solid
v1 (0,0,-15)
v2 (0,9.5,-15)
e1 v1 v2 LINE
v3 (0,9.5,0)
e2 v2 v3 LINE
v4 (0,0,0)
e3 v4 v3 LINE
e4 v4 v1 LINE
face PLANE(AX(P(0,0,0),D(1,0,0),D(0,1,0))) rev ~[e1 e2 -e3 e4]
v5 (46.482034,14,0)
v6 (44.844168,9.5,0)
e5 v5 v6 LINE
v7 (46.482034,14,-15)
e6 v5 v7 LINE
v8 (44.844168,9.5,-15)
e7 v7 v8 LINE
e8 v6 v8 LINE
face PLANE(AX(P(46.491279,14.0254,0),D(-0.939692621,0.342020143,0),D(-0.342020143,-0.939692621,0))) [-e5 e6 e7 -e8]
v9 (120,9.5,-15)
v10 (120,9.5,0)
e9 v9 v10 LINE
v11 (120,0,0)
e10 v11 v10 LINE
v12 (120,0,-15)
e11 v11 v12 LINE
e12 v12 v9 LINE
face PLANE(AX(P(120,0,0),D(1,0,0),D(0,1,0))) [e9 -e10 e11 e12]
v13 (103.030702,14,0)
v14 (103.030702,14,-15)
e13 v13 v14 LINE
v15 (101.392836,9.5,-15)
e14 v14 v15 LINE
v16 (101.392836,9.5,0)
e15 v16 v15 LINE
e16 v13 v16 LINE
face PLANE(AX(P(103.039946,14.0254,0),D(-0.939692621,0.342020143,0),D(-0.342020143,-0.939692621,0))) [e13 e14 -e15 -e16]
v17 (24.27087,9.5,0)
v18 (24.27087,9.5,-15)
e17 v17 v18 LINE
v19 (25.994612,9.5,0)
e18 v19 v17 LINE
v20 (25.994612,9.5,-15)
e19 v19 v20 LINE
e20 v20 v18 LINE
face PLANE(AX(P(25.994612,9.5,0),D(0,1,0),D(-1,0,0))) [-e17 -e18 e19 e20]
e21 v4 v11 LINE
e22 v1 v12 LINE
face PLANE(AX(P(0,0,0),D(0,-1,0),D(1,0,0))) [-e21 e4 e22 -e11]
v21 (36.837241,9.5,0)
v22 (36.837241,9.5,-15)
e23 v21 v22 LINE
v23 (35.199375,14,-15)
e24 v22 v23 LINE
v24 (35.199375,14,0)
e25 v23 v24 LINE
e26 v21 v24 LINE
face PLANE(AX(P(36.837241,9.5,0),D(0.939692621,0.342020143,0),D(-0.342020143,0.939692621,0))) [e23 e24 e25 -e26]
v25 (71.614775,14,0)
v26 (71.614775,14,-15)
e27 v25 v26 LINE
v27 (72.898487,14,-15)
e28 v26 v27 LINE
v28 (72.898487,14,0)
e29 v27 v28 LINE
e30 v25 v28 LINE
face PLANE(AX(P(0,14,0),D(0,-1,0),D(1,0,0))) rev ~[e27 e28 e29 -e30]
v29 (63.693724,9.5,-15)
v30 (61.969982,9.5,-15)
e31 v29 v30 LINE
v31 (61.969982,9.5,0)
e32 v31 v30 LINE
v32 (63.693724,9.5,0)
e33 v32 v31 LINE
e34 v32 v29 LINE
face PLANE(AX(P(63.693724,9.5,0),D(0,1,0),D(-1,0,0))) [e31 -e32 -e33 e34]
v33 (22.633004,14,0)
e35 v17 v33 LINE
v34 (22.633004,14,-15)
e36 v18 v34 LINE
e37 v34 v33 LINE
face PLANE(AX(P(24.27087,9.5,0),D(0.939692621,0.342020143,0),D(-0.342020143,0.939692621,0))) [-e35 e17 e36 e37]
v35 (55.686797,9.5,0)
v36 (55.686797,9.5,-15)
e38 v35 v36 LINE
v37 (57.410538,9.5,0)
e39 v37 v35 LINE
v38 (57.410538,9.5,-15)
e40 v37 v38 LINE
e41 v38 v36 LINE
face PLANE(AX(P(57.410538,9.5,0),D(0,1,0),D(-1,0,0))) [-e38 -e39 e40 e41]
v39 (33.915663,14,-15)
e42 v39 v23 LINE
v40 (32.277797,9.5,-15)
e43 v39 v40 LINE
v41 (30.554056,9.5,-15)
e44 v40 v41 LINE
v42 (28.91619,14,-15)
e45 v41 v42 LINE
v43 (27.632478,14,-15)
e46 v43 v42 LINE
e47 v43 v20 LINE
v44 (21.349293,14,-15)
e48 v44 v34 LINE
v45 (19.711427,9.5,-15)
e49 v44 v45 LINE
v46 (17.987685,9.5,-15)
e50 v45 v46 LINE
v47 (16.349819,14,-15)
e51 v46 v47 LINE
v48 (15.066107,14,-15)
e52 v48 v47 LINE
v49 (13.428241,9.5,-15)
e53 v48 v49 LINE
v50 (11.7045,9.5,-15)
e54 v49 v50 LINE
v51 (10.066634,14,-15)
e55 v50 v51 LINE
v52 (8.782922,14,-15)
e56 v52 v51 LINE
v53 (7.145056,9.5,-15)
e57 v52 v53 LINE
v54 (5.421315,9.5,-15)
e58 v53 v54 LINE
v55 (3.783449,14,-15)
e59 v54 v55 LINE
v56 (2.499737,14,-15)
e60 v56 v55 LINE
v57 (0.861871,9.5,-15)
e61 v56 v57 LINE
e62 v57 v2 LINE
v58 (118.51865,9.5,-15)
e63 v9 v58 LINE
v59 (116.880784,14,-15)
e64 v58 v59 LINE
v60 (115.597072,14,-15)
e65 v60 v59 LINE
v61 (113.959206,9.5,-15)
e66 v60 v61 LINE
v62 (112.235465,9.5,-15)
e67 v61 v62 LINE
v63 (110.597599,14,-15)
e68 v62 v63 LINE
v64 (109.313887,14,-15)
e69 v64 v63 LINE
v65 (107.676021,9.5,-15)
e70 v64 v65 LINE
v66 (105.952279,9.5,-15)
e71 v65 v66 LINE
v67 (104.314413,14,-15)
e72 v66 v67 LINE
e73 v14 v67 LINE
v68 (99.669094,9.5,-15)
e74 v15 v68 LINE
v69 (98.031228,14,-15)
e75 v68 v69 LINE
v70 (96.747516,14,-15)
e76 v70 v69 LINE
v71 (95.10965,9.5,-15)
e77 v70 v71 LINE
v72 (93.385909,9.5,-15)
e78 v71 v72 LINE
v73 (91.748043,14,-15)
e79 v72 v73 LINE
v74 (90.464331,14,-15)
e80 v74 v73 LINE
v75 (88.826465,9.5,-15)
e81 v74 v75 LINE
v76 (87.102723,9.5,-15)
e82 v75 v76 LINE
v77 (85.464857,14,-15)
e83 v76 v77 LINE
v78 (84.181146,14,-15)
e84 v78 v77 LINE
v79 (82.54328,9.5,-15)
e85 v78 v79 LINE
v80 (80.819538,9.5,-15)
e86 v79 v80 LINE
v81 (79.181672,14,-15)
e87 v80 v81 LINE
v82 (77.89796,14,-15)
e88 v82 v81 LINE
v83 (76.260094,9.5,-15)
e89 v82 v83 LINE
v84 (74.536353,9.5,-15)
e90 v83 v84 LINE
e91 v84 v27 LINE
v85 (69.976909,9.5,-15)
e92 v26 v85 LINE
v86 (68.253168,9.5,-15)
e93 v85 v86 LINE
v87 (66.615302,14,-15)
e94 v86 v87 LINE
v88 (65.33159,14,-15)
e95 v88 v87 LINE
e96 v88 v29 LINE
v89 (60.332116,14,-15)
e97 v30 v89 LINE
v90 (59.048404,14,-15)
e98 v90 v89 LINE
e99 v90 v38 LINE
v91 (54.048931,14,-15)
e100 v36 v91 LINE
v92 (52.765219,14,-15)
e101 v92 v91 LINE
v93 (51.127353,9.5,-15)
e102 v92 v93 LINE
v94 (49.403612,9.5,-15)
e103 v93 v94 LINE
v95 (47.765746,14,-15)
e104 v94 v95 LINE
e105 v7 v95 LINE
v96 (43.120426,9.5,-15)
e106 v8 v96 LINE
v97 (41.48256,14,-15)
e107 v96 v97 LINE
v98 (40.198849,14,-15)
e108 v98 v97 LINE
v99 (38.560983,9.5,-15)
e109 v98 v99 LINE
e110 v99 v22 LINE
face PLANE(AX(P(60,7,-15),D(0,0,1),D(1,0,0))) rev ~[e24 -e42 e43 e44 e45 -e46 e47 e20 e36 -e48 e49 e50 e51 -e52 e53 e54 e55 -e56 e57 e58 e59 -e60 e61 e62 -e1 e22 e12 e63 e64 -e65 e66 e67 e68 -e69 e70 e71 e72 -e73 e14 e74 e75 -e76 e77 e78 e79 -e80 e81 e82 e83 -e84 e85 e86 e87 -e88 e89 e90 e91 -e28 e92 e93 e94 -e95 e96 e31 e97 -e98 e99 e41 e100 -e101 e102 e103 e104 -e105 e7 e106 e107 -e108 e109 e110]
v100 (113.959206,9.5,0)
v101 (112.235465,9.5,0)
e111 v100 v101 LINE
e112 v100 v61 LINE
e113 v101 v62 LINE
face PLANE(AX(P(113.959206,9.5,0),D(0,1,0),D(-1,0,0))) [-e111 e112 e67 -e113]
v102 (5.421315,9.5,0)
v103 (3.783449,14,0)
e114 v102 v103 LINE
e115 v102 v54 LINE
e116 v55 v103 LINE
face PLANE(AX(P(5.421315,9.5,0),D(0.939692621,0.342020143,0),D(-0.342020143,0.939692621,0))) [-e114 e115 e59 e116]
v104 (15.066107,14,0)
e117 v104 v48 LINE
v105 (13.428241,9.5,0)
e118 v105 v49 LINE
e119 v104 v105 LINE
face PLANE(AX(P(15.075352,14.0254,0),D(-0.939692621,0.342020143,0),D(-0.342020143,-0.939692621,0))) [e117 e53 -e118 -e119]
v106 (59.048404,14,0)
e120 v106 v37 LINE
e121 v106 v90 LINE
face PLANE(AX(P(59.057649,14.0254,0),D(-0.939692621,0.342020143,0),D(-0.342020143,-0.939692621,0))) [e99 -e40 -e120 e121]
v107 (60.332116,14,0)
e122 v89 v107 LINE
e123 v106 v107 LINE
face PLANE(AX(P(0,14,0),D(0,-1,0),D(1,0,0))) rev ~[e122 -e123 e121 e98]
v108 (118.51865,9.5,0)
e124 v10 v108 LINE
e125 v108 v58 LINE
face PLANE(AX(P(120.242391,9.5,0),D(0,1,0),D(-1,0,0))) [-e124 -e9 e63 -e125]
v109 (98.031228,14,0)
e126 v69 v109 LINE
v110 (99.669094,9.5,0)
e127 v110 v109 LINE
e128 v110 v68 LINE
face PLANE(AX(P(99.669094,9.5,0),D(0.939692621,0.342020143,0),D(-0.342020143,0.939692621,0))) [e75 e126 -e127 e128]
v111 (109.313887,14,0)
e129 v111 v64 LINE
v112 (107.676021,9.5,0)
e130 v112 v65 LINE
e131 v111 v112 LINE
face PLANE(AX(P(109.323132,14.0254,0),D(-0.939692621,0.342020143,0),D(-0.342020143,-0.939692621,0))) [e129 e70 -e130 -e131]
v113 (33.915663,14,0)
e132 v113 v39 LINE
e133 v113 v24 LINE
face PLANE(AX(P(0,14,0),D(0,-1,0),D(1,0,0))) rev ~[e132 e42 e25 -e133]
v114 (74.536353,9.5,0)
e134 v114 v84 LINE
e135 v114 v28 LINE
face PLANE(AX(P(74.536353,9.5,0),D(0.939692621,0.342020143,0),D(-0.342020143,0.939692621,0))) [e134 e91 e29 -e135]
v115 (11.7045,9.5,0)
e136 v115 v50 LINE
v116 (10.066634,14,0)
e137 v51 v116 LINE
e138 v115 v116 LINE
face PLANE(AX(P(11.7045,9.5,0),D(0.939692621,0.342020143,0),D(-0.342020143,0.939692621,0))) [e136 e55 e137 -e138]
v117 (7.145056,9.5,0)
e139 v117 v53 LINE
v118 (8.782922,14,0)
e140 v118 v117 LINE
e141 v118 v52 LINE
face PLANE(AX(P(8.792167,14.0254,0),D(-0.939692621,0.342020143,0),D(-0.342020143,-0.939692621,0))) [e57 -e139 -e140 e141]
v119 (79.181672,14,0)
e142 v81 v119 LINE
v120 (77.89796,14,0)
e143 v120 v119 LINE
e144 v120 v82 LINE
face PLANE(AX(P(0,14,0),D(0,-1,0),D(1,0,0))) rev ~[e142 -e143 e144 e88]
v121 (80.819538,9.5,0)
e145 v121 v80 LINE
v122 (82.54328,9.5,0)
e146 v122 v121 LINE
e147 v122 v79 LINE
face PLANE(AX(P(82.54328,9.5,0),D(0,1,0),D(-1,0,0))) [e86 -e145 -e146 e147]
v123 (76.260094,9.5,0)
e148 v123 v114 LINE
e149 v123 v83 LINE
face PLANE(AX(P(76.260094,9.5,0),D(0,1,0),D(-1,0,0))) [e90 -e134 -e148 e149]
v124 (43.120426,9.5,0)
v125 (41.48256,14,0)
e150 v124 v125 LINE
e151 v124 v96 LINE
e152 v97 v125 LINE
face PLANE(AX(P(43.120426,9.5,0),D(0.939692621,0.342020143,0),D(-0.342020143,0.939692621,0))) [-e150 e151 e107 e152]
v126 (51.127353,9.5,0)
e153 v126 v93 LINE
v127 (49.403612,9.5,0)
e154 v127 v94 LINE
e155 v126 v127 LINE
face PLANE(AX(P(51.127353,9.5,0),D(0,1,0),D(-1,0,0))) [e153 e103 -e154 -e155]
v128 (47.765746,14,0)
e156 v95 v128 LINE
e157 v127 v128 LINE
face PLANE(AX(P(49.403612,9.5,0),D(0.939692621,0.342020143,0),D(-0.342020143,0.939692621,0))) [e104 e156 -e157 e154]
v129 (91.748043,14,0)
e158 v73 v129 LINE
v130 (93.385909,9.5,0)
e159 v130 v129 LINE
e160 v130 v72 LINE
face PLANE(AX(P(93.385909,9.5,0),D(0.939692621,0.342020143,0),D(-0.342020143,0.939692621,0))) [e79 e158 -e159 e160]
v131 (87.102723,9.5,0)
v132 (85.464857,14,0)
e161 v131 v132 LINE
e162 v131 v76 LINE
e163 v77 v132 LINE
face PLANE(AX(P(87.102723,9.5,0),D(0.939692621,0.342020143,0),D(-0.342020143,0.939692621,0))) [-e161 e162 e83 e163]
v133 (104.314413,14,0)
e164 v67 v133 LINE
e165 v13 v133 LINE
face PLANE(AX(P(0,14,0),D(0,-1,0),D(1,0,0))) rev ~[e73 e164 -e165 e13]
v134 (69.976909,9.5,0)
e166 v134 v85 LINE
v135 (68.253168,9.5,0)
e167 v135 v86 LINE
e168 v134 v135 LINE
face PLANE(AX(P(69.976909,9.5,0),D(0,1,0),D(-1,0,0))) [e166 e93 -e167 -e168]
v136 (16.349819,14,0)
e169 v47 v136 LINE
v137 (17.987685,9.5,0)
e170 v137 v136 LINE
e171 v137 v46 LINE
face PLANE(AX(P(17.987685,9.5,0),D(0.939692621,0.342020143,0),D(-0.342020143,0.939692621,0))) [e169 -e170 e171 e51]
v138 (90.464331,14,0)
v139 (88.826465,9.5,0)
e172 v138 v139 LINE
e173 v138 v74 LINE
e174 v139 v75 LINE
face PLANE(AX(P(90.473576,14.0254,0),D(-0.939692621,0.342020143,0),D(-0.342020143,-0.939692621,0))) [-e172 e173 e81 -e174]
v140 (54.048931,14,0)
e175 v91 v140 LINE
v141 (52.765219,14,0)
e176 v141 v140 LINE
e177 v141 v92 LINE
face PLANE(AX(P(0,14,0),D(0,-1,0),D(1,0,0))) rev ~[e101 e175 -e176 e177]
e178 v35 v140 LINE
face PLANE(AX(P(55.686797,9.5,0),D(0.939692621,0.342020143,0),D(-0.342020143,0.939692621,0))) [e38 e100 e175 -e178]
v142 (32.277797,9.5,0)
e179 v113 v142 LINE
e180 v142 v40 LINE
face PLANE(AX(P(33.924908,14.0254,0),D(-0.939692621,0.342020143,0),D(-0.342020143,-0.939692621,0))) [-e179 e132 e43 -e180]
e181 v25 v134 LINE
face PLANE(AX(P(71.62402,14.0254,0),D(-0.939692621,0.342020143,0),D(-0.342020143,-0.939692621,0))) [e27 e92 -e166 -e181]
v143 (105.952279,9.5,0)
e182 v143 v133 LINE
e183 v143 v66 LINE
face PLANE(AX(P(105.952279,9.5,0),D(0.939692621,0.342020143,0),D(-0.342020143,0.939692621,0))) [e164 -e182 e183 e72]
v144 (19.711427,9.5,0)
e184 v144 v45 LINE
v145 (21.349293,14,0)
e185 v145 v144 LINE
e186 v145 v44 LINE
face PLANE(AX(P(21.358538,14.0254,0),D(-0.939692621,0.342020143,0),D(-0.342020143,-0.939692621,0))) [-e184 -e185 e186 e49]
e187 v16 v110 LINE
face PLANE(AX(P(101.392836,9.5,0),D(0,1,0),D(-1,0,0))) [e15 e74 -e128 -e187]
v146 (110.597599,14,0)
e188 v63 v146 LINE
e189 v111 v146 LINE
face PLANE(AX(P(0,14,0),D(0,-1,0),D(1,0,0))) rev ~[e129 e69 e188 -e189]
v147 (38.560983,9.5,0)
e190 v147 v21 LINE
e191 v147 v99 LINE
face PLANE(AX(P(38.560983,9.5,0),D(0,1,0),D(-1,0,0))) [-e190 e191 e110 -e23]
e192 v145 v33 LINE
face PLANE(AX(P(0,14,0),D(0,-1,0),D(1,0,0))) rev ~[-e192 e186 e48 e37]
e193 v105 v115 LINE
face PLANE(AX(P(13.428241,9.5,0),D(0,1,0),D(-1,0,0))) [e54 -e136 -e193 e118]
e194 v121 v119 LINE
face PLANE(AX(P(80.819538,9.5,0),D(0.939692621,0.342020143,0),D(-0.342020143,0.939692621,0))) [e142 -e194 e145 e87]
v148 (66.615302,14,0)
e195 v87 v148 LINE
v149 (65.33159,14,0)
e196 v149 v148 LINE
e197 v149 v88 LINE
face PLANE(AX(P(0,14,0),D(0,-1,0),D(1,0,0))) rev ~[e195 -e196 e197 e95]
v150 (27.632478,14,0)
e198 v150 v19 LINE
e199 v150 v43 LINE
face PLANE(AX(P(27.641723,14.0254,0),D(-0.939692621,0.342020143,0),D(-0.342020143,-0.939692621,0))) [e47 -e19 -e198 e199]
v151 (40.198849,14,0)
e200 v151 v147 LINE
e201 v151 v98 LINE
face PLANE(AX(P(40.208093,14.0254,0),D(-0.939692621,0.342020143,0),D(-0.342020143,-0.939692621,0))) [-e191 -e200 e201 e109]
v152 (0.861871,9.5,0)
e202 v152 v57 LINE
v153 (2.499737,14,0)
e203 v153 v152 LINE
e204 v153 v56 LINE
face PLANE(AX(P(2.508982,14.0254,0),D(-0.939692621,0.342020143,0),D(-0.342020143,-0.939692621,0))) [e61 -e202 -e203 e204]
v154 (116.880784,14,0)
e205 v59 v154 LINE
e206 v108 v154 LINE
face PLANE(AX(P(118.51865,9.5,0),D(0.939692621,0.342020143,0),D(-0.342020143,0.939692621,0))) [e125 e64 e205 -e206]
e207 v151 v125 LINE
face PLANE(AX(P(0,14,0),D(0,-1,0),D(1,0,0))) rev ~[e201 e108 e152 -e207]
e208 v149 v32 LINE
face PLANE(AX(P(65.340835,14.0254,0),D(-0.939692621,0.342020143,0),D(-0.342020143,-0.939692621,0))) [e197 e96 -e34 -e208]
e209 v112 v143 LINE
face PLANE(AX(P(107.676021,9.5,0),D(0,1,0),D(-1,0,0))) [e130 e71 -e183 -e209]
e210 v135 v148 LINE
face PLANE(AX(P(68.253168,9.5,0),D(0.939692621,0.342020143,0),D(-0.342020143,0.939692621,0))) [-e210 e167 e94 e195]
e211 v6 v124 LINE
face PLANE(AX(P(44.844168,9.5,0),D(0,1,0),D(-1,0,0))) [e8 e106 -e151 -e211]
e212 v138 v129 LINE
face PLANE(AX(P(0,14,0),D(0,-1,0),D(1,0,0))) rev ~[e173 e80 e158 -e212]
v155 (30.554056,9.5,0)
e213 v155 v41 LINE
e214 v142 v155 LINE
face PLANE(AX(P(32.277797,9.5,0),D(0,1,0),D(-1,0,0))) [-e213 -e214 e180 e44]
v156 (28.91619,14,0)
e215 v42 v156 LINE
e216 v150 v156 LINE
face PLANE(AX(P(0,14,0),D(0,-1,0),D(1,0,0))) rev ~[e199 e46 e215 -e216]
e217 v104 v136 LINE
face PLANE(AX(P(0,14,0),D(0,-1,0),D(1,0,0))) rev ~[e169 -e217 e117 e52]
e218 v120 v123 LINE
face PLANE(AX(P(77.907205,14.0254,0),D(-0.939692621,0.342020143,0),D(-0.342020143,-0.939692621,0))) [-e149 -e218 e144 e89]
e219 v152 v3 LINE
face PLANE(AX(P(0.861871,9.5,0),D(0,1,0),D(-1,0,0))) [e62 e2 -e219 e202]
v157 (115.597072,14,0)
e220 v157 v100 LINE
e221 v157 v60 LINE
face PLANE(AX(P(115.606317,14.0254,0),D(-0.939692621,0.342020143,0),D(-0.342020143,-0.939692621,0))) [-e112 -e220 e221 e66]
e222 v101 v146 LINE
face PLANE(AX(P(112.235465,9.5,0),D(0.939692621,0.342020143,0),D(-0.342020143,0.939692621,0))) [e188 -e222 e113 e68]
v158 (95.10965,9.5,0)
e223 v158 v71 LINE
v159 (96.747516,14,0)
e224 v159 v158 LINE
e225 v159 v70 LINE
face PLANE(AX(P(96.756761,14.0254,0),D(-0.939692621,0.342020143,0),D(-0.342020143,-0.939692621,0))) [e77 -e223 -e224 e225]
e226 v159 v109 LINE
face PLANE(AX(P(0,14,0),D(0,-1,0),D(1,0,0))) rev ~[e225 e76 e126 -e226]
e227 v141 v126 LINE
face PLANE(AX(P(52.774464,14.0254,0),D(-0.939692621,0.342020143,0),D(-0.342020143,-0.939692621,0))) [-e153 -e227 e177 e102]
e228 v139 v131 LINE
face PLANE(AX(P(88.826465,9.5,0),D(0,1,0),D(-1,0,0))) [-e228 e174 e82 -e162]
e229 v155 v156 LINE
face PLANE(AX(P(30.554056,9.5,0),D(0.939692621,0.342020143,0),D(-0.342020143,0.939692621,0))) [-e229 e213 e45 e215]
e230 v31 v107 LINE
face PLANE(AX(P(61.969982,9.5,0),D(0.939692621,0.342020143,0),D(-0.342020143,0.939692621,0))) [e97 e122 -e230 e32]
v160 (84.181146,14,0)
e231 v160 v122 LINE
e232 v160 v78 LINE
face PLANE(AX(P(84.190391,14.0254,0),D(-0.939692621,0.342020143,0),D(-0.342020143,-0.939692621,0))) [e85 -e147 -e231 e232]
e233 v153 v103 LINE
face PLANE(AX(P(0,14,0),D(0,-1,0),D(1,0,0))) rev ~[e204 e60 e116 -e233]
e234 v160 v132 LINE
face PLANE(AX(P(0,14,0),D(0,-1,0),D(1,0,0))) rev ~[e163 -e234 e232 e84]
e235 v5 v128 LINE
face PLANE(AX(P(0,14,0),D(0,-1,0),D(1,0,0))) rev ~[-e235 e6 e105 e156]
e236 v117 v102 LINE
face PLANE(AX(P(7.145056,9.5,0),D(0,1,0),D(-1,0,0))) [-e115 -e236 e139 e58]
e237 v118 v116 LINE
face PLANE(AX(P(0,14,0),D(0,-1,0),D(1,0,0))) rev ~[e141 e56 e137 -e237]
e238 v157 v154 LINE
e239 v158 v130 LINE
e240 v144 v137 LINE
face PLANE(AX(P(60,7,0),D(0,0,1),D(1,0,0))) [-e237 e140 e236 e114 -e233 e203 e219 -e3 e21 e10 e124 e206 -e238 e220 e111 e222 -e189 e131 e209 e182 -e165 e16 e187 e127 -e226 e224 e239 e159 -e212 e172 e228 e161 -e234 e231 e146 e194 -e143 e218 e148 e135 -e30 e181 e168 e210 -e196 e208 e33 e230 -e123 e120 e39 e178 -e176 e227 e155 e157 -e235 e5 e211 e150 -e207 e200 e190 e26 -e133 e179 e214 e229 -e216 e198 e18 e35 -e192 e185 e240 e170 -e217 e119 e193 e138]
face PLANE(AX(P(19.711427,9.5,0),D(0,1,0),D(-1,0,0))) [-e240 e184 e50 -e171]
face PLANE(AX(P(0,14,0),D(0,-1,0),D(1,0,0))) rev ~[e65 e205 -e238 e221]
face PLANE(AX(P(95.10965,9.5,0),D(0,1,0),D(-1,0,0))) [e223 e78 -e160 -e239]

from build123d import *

# Parameters (mm, degrees)
BLANKSKE_W        = 120
BLANKSKE_H        = 14
BLANK_DEPTH       = 15
TOOTHCUTSIM_DEPTH = 122.741529479
TEETHCUTS_COUNT   = 21
TEETHCUTS_PITCH   = 6.2831853


with BuildPart() as part:
    # BlankSke → Blank (new body)
    with BuildSketch(Plane.XY):
        with Locations((60, 7)):
            Rectangle(BLANKSKE_W, BLANKSKE_H)
    extrude(amount=-BLANK_DEPTH)

    # TooCutSkeSim → ToothCutSim (cut, through all)
    with BuildSketch(Plane.XY):
        Polygon((0.861870739, 9.5), (-0.861870739, 9.5), (-2.508981637, 14.0254), (2.508981637, 14.0254), align=None)
    toothcutsim = extrude(amount=-TOOTHCUTSIM_DEPTH, mode=Mode.SUBTRACT)

    # TeethCuts: ToothCutSim ×21
    with Locations(*[(i * TEETHCUTS_PITCH, 0, 0) for i in range(1, TEETHCUTS_COUNT)]):
        add(toothcutsim, mode=Mode.SUBTRACT)


solid = part.part
